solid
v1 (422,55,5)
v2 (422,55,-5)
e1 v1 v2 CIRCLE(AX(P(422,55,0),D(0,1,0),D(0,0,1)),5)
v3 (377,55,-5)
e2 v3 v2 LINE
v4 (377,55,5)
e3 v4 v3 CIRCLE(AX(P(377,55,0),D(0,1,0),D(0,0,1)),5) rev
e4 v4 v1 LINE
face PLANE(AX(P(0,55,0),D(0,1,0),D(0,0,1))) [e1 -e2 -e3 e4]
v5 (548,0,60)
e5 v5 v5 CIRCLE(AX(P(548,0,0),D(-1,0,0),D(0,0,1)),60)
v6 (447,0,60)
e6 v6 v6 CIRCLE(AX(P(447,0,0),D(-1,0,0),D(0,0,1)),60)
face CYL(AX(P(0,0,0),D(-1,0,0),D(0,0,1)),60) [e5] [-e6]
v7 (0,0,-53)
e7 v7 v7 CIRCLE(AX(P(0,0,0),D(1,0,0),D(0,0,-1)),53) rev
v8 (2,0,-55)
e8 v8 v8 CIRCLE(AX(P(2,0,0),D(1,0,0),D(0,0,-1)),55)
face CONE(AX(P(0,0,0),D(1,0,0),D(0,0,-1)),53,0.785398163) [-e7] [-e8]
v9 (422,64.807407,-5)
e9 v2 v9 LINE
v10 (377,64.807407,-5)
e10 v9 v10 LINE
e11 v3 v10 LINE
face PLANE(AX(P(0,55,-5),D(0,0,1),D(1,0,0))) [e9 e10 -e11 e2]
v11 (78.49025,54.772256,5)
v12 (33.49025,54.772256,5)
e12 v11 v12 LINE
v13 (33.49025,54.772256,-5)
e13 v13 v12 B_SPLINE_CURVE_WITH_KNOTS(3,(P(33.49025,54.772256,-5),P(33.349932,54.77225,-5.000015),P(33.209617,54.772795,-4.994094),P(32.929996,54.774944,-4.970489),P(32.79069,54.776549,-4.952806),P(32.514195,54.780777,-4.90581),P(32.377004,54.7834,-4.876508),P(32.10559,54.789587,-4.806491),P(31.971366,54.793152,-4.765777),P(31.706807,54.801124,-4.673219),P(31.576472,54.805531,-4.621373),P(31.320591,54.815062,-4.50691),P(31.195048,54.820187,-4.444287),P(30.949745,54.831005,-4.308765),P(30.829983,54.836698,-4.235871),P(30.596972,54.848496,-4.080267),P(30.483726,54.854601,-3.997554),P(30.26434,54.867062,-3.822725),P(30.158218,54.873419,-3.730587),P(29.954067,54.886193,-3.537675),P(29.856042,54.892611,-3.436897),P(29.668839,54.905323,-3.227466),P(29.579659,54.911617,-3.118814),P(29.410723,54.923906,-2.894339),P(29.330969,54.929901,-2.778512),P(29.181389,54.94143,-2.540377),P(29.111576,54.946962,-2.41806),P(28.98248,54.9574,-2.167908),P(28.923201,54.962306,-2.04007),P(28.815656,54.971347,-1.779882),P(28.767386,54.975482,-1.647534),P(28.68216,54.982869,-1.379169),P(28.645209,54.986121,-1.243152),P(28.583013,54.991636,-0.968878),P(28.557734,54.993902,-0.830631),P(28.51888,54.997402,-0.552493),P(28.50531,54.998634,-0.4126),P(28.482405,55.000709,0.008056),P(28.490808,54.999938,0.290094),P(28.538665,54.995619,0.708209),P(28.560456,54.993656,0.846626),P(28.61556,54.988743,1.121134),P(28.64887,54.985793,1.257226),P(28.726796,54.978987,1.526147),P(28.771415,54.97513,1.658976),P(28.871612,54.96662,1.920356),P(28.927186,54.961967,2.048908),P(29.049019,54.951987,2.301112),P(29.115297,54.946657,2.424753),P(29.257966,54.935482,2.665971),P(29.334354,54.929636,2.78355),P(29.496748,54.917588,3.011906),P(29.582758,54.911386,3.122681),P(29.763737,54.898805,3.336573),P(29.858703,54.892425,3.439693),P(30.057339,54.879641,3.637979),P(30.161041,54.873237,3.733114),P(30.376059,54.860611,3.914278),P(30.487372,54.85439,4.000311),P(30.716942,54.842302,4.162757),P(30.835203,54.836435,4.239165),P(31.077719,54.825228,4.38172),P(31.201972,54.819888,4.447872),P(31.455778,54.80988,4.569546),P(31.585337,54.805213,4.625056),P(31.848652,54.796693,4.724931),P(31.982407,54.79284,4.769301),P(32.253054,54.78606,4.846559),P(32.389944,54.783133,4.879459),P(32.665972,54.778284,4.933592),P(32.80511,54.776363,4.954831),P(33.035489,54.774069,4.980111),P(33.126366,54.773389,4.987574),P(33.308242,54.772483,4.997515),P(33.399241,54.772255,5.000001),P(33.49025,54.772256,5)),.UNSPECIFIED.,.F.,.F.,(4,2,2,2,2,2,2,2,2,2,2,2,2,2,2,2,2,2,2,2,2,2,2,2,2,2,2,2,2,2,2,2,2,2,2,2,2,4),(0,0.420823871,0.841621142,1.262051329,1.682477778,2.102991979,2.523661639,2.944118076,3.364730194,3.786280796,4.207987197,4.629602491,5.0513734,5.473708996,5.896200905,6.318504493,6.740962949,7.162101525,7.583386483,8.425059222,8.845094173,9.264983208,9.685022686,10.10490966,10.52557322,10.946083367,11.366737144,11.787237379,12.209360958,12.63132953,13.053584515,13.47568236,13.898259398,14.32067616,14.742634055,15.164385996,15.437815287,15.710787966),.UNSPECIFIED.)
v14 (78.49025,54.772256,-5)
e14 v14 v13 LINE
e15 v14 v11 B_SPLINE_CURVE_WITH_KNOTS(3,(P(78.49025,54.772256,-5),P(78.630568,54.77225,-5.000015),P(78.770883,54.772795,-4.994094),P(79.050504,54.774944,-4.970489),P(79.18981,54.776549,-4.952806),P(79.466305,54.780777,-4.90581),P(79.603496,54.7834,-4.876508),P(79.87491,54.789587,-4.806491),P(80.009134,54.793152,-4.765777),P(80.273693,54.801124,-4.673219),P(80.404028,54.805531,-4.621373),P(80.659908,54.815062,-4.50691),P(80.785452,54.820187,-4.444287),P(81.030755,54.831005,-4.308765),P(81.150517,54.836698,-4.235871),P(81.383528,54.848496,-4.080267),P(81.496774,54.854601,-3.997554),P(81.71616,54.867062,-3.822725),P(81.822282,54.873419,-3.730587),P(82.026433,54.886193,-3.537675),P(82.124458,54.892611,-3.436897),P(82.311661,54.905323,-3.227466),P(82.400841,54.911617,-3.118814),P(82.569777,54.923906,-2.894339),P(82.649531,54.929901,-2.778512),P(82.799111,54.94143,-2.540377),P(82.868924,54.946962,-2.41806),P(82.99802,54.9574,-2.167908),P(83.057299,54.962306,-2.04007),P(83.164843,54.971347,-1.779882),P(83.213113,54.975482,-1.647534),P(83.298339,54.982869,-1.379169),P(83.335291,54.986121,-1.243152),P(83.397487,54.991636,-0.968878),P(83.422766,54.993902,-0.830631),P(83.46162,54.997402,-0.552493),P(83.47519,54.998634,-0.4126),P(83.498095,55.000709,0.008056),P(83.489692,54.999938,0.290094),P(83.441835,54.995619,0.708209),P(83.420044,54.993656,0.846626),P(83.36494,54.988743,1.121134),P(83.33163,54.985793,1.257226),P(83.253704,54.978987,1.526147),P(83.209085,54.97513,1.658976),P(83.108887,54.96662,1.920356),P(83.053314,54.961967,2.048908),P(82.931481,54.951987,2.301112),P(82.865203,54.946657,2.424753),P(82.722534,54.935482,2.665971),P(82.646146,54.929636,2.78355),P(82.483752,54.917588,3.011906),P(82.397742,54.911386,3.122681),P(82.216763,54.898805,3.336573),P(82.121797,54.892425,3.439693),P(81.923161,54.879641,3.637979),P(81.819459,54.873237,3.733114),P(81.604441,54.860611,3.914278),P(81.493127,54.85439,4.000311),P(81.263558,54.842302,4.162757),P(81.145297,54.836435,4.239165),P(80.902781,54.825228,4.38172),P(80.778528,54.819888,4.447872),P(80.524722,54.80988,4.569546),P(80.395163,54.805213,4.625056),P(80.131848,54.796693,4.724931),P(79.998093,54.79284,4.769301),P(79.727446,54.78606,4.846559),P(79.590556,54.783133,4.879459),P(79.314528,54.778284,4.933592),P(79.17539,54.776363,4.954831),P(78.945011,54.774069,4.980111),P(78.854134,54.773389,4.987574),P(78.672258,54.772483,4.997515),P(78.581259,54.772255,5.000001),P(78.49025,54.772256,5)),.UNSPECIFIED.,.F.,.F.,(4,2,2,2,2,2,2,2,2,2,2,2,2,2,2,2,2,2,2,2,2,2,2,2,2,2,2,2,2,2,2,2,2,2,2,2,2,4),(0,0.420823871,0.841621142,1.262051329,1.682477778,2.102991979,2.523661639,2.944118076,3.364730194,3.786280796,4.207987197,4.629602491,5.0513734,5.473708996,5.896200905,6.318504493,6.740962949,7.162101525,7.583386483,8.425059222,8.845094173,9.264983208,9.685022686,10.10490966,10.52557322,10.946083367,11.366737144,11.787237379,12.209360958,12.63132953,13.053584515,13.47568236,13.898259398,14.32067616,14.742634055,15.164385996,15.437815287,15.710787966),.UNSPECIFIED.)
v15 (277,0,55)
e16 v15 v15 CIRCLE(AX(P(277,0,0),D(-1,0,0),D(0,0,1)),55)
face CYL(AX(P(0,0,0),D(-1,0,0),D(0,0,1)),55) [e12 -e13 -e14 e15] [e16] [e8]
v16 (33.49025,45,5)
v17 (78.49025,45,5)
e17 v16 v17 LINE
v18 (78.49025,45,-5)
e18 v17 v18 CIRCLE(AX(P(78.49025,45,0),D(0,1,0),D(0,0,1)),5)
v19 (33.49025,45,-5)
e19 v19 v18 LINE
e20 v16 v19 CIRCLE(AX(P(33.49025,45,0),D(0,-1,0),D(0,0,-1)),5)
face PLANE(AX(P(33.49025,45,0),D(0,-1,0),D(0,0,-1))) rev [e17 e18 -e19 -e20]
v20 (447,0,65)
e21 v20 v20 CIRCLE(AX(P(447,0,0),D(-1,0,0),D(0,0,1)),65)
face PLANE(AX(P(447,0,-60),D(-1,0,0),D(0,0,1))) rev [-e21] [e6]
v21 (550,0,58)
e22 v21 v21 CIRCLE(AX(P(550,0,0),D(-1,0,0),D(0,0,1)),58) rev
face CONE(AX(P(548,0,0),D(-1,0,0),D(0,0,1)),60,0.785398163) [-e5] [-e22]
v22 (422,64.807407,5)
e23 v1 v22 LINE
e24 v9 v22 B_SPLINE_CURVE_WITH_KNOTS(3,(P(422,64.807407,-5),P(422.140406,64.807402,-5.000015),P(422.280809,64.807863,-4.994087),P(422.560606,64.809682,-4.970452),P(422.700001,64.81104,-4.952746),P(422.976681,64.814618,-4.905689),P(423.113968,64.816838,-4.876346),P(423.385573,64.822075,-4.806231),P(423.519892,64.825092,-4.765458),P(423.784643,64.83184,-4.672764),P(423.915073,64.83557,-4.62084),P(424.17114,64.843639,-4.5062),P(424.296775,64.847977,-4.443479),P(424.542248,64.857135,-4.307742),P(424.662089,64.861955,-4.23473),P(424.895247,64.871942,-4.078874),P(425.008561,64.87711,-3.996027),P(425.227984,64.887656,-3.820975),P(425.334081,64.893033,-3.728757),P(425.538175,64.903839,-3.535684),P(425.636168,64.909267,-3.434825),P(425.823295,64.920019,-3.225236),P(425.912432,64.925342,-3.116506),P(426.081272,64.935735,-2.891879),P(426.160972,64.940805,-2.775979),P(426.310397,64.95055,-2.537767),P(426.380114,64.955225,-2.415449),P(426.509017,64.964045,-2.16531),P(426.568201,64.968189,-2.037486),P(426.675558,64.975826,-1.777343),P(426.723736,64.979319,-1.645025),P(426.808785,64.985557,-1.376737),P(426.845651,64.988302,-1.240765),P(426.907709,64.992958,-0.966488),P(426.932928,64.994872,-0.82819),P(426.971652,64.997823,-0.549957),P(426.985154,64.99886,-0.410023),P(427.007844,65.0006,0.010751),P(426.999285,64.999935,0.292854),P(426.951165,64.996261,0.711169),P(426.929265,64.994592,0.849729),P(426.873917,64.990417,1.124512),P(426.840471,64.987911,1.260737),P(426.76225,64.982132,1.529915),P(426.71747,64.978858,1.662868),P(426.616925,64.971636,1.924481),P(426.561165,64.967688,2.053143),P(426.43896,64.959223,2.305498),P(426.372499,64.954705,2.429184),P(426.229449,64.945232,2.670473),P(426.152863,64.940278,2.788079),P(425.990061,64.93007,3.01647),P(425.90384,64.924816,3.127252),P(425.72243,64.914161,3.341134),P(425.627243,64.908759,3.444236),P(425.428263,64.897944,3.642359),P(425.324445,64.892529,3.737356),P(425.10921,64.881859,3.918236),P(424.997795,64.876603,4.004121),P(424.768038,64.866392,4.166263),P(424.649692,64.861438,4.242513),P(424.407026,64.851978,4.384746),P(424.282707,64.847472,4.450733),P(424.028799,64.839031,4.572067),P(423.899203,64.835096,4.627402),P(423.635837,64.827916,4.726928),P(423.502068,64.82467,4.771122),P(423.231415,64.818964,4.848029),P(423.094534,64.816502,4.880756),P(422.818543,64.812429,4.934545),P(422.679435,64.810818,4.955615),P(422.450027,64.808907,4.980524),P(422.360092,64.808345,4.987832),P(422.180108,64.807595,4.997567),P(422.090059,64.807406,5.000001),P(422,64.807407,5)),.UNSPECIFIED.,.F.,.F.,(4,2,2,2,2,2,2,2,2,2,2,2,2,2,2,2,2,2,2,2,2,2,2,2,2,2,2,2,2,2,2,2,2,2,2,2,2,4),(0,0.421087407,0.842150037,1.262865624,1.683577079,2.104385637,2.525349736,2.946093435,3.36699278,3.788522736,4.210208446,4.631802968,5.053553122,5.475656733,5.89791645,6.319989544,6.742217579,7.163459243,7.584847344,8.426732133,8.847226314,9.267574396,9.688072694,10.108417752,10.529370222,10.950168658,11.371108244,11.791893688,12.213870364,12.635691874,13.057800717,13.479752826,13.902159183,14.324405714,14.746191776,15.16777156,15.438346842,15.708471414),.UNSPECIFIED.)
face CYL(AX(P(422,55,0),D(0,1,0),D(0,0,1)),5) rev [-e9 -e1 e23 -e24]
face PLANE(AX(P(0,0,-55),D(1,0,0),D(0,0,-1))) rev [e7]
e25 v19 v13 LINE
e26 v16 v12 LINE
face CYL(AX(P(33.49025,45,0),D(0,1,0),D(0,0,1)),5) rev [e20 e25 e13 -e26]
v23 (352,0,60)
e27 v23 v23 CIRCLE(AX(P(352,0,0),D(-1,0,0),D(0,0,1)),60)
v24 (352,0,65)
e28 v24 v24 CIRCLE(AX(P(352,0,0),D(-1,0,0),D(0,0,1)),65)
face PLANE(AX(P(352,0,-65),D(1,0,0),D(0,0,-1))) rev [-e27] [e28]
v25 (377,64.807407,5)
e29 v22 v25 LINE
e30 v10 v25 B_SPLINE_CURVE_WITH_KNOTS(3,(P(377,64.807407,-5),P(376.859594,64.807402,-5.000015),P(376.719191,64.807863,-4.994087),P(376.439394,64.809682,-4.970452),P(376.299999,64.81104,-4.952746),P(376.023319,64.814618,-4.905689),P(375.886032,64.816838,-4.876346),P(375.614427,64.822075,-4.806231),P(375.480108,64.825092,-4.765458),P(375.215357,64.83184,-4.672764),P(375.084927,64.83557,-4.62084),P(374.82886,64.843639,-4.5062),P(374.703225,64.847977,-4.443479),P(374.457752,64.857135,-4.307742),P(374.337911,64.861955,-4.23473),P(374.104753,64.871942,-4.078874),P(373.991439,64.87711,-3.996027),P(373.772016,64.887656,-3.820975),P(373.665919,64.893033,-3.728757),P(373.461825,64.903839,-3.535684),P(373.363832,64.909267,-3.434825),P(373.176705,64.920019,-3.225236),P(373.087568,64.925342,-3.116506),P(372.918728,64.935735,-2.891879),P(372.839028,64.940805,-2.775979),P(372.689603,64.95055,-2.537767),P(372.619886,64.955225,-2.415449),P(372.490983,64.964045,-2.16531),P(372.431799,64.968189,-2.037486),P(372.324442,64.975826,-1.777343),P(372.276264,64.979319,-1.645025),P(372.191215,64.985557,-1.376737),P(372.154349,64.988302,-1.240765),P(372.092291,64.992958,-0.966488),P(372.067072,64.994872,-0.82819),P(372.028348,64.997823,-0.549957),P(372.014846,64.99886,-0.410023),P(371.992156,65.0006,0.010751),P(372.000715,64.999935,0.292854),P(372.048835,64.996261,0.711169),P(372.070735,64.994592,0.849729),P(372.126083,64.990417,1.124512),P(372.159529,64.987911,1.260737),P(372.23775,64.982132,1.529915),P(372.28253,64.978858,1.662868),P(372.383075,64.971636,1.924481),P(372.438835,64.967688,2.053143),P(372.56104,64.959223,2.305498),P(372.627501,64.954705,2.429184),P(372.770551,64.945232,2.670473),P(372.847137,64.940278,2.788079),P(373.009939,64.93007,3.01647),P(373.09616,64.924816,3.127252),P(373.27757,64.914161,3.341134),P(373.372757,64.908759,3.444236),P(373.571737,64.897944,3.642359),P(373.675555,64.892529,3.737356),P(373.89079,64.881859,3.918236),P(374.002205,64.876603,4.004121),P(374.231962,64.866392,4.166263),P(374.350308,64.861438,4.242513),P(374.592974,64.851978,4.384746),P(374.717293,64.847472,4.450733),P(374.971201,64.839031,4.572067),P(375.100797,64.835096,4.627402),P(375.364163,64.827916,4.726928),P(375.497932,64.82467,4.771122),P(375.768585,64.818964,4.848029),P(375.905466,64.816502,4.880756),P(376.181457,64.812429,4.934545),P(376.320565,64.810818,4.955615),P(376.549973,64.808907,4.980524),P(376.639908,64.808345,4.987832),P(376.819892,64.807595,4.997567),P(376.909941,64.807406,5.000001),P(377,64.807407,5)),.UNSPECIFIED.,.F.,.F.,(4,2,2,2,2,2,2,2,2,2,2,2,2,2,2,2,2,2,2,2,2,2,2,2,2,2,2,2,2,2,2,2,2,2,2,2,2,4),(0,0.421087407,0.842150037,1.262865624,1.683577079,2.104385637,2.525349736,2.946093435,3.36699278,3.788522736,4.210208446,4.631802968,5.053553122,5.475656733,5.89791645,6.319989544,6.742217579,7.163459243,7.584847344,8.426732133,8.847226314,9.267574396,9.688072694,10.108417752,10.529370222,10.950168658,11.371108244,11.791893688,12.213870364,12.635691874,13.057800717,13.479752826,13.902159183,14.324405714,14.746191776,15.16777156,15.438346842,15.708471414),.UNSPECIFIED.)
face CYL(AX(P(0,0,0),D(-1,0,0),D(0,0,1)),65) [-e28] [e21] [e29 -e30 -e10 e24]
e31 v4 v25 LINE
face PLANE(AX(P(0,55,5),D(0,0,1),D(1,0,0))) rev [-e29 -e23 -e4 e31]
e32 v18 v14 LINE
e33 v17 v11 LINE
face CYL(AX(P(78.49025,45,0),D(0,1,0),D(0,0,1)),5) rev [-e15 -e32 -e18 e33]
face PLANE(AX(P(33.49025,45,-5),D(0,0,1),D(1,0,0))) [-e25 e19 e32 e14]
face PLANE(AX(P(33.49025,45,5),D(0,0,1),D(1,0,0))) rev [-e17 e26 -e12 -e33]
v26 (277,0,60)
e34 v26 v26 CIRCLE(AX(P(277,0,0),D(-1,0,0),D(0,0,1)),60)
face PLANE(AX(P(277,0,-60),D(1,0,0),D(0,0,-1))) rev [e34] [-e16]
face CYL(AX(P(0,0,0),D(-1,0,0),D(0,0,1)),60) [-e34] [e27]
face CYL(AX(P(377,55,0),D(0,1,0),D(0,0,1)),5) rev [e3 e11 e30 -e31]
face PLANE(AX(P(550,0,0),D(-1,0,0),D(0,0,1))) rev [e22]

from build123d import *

# Parameters (mm, degrees)
CHAFL_N1_SIZE         = 2
CHAFL_N2_SIZE         = 2
CORTAR_EXTRUIR1_DEPTH = 10
CORTAR_EXTRUIR2_DEPTH = 10


with BuildPart() as part:
    # Croquis1 → Revolución2 (revolve)
    with BuildSketch(Plane(origin=(0, 0, 0), x_dir=(1, 0, 0), z_dir=(0, 1, 0)), mode=Mode.PRIVATE) as revoluci_n2_sk:
        Polygon((0, 0), (550, 0), (550, 60), (447, 60), (447, 65), (352, 65), (352, 60), (277, 60), (277, 55), (0, 55), align=None)
    revolve(revoluci_n2_sk.sketch.rotate(Axis((0, 0, 0), (1, 0, 0)), 180), axis=Axis((0, 0, 0), (1, 0, 0)))

    # Chaflán1
    chafl_n1_edges = [part.edges().sort_by_distance(p)[0] for p in [
        (0, 0, -55),
    ]]
    chamfer(chafl_n1_edges, length=CHAFL_N1_SIZE)

    # Chaflán2
    chafl_n2_edges = [part.edges().sort_by_distance(p)[0] for p in [
        (550, 0, -60),
    ]]
    chamfer(chafl_n2_edges, length=CHAFL_N2_SIZE)

    # Croquis2 → Cortar-Extruir1 (cut)
    with BuildSketch(Plane(origin=(0, 65, 0), x_dir=(1, 0, 0), z_dir=(0, 1, 0))):
        with BuildLine():
            Line((377, -5), (422, -5))
            ThreePointArc((422, -5), (427, 0), (422, 5))
            Line((422, 5), (377, 5))
            ThreePointArc((377, 5), (372, 0), (377, -5))
        make_face()
    extrude(amount=-CORTAR_EXTRUIR1_DEPTH, mode=Mode.SUBTRACT)

    # Croquis3 → Cortar-Extruir2 (cut)
    with BuildSketch(Plane(origin=(0, 55, 0), x_dir=(1, 0, 0), z_dir=(0, 1, 0))):
        with BuildLine():
            Line((33.490249976, -5), (78.490249976, -5))
            ThreePointArc((78.490249976, -5), (83.490249976, 0), (78.490249976, 5))
            Line((78.490249976, 5), (33.490249976, 5))
            ThreePointArc((33.490249976, 5), (28.490249976, 0), (33.490249976, -5))
        make_face()
    extrude(amount=-CORTAR_EXTRUIR2_DEPTH, mode=Mode.SUBTRACT)


solid = part.part
